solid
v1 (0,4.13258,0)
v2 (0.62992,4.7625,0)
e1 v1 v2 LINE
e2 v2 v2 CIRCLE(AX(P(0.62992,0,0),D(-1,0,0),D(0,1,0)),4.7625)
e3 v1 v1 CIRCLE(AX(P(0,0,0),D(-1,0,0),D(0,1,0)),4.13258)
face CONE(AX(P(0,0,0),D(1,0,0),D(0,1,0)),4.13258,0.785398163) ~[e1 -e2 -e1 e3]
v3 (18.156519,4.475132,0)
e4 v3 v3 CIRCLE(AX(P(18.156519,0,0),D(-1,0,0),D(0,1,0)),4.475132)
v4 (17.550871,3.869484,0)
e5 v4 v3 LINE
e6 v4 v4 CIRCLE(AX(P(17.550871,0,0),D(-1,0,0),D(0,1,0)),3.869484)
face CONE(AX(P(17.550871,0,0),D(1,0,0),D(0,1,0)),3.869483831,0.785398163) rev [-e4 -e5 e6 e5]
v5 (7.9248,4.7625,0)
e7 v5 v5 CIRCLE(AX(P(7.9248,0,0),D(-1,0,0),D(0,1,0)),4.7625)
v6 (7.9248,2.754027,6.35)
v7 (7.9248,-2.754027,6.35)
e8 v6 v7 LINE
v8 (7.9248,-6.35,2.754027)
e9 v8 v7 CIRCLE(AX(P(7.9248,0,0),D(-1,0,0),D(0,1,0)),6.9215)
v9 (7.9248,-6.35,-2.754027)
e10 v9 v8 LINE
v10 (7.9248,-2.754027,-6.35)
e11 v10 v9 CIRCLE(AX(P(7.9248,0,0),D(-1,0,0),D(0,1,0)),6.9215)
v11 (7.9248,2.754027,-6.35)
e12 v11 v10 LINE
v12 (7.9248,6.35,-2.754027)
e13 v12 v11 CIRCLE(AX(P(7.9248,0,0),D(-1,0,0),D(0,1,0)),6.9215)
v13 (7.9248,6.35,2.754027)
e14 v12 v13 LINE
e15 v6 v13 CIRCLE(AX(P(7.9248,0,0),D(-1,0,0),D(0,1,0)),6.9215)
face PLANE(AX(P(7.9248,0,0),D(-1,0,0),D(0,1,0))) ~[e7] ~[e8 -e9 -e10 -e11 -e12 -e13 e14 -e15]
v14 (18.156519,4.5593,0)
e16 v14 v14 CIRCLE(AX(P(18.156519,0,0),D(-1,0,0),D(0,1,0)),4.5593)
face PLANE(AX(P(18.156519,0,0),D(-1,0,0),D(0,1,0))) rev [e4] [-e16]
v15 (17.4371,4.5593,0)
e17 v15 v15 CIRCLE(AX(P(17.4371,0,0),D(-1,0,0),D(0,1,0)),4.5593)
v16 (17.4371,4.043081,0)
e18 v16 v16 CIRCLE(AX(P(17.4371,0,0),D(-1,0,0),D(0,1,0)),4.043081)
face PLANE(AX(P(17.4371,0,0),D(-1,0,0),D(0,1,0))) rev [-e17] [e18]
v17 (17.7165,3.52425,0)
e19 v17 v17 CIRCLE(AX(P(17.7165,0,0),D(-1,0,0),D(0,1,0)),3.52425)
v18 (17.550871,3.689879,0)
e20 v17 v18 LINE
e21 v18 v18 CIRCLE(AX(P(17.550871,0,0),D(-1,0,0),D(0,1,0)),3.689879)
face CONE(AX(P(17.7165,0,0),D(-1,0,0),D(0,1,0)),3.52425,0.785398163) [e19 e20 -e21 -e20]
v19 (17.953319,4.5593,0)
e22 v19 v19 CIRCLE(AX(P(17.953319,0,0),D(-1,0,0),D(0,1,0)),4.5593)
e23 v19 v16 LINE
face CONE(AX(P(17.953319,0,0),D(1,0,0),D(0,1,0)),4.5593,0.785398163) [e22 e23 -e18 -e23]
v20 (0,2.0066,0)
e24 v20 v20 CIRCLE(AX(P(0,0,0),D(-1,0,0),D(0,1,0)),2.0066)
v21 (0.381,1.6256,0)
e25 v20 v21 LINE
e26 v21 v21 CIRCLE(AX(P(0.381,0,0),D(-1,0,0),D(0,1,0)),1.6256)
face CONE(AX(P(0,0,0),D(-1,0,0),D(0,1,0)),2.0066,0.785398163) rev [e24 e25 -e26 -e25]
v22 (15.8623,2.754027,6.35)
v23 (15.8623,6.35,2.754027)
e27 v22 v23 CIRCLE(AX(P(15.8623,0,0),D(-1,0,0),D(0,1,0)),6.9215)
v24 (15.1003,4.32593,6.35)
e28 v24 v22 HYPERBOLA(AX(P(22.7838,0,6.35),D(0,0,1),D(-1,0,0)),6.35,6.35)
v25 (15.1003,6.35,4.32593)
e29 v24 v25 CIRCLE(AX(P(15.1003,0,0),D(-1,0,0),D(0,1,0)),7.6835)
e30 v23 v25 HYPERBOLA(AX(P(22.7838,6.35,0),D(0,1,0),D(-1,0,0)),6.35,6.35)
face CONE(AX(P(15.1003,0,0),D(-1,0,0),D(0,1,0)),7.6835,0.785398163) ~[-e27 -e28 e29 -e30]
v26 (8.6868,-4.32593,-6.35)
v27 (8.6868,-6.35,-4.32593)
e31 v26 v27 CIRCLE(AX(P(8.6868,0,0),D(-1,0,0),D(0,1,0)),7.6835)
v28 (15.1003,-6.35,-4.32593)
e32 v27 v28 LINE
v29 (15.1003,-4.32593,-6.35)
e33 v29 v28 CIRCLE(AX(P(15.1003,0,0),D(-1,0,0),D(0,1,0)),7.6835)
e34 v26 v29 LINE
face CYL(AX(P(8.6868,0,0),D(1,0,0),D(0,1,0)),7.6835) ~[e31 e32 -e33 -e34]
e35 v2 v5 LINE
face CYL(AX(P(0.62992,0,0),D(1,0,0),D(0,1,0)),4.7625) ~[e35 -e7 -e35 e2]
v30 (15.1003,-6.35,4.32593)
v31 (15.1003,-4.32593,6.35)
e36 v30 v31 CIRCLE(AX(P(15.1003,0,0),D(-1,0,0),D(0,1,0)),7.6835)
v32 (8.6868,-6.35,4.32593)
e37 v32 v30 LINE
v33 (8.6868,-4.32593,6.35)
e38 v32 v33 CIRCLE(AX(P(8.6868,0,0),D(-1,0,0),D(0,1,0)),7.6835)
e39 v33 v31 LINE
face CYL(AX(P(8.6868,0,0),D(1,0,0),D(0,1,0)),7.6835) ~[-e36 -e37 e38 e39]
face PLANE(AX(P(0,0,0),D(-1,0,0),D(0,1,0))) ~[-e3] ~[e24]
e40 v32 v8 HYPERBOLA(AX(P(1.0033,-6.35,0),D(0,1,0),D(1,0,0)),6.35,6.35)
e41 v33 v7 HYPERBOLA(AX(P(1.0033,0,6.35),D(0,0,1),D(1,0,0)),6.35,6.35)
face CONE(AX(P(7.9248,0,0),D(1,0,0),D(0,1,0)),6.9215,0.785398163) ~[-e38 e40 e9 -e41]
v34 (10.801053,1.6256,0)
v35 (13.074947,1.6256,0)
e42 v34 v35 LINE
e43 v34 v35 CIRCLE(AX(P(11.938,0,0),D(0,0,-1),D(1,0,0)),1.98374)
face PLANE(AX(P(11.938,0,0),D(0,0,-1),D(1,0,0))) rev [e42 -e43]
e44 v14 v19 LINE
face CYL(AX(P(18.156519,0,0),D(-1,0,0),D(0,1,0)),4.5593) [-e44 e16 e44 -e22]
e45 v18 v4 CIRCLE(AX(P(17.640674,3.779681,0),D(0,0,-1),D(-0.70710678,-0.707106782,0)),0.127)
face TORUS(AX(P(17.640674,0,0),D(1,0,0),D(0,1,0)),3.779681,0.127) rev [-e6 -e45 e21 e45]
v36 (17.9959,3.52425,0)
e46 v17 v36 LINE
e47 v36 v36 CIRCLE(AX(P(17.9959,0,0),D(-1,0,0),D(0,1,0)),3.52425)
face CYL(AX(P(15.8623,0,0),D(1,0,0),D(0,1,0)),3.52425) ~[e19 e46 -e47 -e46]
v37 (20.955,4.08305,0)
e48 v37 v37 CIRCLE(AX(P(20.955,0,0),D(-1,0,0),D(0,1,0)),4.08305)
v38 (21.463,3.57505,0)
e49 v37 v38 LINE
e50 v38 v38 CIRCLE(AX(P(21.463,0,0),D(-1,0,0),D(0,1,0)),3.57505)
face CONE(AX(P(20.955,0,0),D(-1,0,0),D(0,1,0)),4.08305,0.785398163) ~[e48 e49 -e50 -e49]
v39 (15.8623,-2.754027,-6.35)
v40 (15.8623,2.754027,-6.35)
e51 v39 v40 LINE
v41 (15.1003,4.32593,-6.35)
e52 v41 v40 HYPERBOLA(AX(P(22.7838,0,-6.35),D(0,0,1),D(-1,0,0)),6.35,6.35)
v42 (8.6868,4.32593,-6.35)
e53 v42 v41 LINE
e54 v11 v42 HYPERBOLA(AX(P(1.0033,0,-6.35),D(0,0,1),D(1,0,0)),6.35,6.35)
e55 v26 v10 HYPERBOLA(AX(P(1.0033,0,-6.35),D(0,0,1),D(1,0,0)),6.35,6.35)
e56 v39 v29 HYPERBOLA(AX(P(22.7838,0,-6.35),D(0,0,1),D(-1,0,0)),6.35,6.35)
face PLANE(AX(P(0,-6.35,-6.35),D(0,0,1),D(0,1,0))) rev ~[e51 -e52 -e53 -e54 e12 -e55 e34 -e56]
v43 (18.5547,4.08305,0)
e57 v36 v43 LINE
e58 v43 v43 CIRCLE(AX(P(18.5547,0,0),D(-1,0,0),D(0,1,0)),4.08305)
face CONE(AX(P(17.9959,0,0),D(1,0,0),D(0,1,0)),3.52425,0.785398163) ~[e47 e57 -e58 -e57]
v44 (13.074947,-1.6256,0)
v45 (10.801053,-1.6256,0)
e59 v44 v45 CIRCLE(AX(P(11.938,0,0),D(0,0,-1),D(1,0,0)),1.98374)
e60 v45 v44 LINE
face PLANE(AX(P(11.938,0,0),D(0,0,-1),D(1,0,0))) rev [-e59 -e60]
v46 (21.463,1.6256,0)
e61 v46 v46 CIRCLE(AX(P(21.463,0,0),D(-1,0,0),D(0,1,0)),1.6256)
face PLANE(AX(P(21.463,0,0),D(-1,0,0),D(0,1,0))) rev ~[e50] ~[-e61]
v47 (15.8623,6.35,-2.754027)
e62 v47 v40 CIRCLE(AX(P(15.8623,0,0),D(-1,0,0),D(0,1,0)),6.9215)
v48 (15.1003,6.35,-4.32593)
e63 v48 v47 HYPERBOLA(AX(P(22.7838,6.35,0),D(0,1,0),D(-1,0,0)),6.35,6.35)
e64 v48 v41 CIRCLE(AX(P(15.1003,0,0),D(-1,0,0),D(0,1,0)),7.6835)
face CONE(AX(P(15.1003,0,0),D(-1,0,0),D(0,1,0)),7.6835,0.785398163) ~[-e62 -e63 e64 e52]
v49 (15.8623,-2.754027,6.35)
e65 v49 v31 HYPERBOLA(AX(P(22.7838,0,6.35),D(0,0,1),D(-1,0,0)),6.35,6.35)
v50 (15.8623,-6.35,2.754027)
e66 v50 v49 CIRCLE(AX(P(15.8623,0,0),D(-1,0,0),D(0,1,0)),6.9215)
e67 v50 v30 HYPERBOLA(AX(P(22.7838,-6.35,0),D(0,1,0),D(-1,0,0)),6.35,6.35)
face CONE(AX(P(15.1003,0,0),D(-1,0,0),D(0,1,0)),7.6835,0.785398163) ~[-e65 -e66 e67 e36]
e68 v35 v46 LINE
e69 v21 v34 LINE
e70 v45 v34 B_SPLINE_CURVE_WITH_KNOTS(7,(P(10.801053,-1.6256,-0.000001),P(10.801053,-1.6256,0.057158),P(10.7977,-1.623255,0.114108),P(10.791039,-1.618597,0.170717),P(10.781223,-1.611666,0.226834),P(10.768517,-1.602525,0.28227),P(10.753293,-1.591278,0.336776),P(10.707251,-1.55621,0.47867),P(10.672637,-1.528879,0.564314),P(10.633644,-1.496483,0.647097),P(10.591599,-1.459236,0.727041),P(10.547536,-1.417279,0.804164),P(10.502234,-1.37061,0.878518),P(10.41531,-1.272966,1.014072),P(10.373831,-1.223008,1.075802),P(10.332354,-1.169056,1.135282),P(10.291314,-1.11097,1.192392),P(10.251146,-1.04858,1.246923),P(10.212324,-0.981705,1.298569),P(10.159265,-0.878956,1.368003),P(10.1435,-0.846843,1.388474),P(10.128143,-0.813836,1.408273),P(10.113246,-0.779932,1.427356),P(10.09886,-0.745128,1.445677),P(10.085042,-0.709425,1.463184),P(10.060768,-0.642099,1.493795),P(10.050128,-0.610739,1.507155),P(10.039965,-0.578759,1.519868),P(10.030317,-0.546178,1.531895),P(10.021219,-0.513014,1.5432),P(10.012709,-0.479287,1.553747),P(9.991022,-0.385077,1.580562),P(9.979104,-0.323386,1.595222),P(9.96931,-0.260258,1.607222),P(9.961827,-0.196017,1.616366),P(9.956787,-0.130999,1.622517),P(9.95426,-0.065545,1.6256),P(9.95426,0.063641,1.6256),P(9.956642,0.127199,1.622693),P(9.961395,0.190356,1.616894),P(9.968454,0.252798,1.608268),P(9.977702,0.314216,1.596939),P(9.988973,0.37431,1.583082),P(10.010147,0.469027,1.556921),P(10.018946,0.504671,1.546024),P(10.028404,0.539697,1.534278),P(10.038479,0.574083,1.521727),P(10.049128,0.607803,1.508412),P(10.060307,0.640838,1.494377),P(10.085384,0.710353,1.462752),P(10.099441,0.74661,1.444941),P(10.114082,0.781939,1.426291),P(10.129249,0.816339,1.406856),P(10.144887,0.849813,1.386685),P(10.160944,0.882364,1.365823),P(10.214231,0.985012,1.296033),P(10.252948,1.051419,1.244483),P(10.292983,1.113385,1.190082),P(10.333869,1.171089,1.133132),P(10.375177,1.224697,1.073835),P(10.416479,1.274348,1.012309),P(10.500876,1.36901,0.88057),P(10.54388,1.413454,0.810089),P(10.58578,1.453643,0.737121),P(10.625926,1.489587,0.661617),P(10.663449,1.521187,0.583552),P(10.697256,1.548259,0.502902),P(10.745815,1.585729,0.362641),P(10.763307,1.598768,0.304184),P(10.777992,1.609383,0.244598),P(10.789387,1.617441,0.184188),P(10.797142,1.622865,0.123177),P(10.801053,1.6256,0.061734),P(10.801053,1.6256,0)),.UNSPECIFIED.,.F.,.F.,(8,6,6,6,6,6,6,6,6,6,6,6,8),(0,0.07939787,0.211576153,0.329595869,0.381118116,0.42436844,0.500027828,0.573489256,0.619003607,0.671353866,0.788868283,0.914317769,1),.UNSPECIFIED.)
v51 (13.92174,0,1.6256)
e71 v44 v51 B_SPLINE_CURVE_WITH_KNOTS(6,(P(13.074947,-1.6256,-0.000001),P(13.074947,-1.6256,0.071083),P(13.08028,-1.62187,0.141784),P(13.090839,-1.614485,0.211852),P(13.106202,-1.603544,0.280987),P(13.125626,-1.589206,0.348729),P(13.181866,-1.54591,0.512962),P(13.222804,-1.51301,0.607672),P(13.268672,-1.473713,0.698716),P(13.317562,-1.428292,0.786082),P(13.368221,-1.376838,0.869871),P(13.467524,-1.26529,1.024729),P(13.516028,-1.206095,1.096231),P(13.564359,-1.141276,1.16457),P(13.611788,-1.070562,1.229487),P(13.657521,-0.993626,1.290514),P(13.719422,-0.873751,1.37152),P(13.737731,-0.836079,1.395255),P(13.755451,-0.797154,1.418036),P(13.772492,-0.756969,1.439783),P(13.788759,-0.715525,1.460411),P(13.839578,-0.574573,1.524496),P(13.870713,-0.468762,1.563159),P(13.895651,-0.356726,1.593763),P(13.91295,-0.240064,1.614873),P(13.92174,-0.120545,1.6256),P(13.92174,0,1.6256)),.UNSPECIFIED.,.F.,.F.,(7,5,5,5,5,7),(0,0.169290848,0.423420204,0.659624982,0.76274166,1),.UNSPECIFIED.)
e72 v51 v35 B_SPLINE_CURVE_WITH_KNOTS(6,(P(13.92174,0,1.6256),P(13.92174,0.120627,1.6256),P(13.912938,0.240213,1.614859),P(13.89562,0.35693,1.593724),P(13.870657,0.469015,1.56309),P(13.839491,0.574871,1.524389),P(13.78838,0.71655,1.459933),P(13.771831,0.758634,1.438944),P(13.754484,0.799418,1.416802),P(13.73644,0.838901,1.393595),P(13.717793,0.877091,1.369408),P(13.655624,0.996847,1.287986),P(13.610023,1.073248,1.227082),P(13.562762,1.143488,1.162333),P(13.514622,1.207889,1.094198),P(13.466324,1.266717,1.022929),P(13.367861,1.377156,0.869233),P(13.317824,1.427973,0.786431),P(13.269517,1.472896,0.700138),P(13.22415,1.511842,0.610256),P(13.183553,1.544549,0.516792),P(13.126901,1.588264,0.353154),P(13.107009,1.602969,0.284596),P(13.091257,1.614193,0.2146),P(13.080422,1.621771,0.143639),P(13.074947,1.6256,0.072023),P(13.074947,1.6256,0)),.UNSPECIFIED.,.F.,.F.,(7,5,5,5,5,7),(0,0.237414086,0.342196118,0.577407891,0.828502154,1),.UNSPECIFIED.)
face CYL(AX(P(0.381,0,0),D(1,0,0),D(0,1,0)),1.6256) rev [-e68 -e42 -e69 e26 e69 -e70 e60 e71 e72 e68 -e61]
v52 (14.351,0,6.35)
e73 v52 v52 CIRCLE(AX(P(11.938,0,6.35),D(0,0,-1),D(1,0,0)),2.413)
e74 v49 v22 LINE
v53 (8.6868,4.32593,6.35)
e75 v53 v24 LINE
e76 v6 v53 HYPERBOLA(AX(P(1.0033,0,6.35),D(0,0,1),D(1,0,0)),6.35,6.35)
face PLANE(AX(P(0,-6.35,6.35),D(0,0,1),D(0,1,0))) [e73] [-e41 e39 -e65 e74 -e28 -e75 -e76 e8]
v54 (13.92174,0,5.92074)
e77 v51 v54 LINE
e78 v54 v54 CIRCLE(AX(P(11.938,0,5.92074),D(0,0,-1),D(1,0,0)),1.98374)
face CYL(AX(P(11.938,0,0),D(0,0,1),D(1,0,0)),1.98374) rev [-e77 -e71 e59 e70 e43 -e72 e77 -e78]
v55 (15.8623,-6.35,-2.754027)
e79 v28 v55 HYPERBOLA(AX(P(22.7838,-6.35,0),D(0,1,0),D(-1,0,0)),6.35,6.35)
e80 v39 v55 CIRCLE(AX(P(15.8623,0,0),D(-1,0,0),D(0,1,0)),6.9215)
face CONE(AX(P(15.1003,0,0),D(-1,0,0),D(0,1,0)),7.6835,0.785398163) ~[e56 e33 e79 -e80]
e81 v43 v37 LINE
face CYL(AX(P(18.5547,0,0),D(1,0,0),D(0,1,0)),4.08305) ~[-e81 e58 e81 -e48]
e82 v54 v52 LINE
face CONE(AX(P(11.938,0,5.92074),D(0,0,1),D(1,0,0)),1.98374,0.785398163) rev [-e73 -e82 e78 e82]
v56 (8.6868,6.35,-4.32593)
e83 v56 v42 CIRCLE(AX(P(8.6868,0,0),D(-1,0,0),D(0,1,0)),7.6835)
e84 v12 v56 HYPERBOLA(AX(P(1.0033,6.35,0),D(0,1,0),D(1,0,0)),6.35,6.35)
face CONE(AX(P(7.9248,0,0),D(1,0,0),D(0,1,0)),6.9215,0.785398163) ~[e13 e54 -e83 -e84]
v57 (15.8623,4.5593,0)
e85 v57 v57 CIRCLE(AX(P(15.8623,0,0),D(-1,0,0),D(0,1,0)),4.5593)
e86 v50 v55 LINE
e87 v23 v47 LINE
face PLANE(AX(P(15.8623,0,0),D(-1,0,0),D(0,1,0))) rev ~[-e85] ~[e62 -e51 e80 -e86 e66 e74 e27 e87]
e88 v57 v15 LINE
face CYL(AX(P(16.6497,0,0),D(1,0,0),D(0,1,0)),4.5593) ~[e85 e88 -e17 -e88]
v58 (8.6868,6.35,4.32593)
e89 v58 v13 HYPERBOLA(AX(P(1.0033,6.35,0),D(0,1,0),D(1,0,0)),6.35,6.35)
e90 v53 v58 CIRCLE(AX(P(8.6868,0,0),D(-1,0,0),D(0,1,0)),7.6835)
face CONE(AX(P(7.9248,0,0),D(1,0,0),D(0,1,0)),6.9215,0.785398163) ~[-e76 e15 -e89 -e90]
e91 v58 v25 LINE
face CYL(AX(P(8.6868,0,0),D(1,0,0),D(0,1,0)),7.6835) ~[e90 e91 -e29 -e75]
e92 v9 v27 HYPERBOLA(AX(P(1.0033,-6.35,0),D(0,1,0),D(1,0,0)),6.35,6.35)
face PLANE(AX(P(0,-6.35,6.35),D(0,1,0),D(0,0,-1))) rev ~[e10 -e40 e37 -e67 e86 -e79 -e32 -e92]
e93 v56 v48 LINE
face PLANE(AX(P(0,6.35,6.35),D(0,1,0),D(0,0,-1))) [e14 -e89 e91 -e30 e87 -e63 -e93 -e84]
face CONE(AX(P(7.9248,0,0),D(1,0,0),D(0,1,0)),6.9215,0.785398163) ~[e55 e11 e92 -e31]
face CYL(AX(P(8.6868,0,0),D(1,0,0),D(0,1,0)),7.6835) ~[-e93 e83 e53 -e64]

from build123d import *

# Parameters (mm, degrees)
SKETCH3_W          = 1.5748
SKETCH3_H          = 4.5593
SKETCH5_W          = 25.4
SKETCH5_H          = 25.4
SKETCH5_W_2        = 12.7
SKETCH5_H_2        = 12.7
CUT_EXTRUDE1_DEPTH = 21.463


with BuildPart() as part:
    # Sketch1 → Revolve1 (revolve)
    with BuildSketch(Plane.XY):
        Polygon((0, 0), (0, 4.13258), (0.62992, 4.7625), (7.9248, 4.7625), (7.9248, 0), align=None)
    revolve(axis=Axis((7.9248, 0, 0), (-1, 0, 0)))

    # Sketch2 → Revolve2 (revolve)
    with BuildSketch(Plane.XY):
        Polygon((7.9248, 0), (7.9248, 6.9215), (8.6868, 7.6835), (15.1003, 7.6835), (15.8623, 6.9215), (15.8623, 3.52425), (17.9959, 3.52425), (18.5547, 4.08305), (20.955, 4.08305), (21.463, 3.57505), (21.463, 0), align=None)
    revolve(axis=Axis((21.463, 0, 0), (-1, 0, 0)))

    # Sketch3 → Revolve3 (revolve)
    with BuildSketch(Plane.XY):
        with Locations((16.6497, 2.27965)):
            Rectangle(SKETCH3_W, SKETCH3_H)
    revolve(axis=Axis((17.4371, 0, 0), (-1, 0, 0)))

    # Sketch4 → Cut-Revolve1 (revolve, cut)
    with BuildSketch(Plane.XY):
        Polygon((0, 0), (0, 2.0066), (0.381, 1.6256), (21.463, 1.6256), (21.463, 0), align=None)
    revolve(axis=Axis((21.463, 0, 0), (-1, 0, 0)), mode=Mode.SUBTRACT)

    # Sketch5 → Cut-Extrude1 (cut)
    with BuildSketch(Plane(origin=(0, 0, 0), x_dir=(0, 0, -1), z_dir=(1, 0, 0))):
        Rectangle(SKETCH5_W, SKETCH5_H)
        Rectangle(SKETCH5_W_2, SKETCH5_H_2, mode=Mode.SUBTRACT)
    extrude(amount=CUT_EXTRUDE1_DEPTH, mode=Mode.SUBTRACT)

    # Sketch6 → Cut-Revolve2 (revolve, cut)
    with BuildSketch(Plane(origin=(0, 0, 0), x_dir=(1, 0, 0), z_dir=(0, 1, 0))):
        Polygon((11.938, 0), (13.92174, 0), (13.92174, -5.92074), (14.351, -6.35), (11.938, -6.35), align=None)
    revolve(axis=Axis((11.938, 0, 6.35), (0, 0, -1)), mode=Mode.SUBTRACT)

    # Sketch7 → Revolve4 (revolve)
    with BuildSketch(Plane.XY):
        with BuildLine():
            Line((17.4371, 4.043080735), (17.4371, 3.27025))
            Line((17.4371, 3.27025), (17.9959, 3.27025))
            Line((17.9959, 3.27025), (17.9959, 3.52425))
            Line((17.9959, 3.52425), (17.7165, 3.52425))
            Line((17.7165, 3.52425), (17.550871292, 3.689878708))
            ThreePointArc((17.550871292, 3.689878708), (17.513673853, 3.779681269), (17.550871292, 3.869483831))
            Line((17.550871292, 3.869483831), (18.156519265, 4.475131804))
            Line((18.156519265, 4.475131804), (18.156519265, 4.5593))
            Line((18.156519265, 4.5593), (17.953319265, 4.5593))
            Line((17.953319265, 4.5593), (17.4371, 4.043080735))
        make_face()
    revolve(axis=Axis((17.9959, 0, 0), (-1, 0, 0)))


solid = part.part
